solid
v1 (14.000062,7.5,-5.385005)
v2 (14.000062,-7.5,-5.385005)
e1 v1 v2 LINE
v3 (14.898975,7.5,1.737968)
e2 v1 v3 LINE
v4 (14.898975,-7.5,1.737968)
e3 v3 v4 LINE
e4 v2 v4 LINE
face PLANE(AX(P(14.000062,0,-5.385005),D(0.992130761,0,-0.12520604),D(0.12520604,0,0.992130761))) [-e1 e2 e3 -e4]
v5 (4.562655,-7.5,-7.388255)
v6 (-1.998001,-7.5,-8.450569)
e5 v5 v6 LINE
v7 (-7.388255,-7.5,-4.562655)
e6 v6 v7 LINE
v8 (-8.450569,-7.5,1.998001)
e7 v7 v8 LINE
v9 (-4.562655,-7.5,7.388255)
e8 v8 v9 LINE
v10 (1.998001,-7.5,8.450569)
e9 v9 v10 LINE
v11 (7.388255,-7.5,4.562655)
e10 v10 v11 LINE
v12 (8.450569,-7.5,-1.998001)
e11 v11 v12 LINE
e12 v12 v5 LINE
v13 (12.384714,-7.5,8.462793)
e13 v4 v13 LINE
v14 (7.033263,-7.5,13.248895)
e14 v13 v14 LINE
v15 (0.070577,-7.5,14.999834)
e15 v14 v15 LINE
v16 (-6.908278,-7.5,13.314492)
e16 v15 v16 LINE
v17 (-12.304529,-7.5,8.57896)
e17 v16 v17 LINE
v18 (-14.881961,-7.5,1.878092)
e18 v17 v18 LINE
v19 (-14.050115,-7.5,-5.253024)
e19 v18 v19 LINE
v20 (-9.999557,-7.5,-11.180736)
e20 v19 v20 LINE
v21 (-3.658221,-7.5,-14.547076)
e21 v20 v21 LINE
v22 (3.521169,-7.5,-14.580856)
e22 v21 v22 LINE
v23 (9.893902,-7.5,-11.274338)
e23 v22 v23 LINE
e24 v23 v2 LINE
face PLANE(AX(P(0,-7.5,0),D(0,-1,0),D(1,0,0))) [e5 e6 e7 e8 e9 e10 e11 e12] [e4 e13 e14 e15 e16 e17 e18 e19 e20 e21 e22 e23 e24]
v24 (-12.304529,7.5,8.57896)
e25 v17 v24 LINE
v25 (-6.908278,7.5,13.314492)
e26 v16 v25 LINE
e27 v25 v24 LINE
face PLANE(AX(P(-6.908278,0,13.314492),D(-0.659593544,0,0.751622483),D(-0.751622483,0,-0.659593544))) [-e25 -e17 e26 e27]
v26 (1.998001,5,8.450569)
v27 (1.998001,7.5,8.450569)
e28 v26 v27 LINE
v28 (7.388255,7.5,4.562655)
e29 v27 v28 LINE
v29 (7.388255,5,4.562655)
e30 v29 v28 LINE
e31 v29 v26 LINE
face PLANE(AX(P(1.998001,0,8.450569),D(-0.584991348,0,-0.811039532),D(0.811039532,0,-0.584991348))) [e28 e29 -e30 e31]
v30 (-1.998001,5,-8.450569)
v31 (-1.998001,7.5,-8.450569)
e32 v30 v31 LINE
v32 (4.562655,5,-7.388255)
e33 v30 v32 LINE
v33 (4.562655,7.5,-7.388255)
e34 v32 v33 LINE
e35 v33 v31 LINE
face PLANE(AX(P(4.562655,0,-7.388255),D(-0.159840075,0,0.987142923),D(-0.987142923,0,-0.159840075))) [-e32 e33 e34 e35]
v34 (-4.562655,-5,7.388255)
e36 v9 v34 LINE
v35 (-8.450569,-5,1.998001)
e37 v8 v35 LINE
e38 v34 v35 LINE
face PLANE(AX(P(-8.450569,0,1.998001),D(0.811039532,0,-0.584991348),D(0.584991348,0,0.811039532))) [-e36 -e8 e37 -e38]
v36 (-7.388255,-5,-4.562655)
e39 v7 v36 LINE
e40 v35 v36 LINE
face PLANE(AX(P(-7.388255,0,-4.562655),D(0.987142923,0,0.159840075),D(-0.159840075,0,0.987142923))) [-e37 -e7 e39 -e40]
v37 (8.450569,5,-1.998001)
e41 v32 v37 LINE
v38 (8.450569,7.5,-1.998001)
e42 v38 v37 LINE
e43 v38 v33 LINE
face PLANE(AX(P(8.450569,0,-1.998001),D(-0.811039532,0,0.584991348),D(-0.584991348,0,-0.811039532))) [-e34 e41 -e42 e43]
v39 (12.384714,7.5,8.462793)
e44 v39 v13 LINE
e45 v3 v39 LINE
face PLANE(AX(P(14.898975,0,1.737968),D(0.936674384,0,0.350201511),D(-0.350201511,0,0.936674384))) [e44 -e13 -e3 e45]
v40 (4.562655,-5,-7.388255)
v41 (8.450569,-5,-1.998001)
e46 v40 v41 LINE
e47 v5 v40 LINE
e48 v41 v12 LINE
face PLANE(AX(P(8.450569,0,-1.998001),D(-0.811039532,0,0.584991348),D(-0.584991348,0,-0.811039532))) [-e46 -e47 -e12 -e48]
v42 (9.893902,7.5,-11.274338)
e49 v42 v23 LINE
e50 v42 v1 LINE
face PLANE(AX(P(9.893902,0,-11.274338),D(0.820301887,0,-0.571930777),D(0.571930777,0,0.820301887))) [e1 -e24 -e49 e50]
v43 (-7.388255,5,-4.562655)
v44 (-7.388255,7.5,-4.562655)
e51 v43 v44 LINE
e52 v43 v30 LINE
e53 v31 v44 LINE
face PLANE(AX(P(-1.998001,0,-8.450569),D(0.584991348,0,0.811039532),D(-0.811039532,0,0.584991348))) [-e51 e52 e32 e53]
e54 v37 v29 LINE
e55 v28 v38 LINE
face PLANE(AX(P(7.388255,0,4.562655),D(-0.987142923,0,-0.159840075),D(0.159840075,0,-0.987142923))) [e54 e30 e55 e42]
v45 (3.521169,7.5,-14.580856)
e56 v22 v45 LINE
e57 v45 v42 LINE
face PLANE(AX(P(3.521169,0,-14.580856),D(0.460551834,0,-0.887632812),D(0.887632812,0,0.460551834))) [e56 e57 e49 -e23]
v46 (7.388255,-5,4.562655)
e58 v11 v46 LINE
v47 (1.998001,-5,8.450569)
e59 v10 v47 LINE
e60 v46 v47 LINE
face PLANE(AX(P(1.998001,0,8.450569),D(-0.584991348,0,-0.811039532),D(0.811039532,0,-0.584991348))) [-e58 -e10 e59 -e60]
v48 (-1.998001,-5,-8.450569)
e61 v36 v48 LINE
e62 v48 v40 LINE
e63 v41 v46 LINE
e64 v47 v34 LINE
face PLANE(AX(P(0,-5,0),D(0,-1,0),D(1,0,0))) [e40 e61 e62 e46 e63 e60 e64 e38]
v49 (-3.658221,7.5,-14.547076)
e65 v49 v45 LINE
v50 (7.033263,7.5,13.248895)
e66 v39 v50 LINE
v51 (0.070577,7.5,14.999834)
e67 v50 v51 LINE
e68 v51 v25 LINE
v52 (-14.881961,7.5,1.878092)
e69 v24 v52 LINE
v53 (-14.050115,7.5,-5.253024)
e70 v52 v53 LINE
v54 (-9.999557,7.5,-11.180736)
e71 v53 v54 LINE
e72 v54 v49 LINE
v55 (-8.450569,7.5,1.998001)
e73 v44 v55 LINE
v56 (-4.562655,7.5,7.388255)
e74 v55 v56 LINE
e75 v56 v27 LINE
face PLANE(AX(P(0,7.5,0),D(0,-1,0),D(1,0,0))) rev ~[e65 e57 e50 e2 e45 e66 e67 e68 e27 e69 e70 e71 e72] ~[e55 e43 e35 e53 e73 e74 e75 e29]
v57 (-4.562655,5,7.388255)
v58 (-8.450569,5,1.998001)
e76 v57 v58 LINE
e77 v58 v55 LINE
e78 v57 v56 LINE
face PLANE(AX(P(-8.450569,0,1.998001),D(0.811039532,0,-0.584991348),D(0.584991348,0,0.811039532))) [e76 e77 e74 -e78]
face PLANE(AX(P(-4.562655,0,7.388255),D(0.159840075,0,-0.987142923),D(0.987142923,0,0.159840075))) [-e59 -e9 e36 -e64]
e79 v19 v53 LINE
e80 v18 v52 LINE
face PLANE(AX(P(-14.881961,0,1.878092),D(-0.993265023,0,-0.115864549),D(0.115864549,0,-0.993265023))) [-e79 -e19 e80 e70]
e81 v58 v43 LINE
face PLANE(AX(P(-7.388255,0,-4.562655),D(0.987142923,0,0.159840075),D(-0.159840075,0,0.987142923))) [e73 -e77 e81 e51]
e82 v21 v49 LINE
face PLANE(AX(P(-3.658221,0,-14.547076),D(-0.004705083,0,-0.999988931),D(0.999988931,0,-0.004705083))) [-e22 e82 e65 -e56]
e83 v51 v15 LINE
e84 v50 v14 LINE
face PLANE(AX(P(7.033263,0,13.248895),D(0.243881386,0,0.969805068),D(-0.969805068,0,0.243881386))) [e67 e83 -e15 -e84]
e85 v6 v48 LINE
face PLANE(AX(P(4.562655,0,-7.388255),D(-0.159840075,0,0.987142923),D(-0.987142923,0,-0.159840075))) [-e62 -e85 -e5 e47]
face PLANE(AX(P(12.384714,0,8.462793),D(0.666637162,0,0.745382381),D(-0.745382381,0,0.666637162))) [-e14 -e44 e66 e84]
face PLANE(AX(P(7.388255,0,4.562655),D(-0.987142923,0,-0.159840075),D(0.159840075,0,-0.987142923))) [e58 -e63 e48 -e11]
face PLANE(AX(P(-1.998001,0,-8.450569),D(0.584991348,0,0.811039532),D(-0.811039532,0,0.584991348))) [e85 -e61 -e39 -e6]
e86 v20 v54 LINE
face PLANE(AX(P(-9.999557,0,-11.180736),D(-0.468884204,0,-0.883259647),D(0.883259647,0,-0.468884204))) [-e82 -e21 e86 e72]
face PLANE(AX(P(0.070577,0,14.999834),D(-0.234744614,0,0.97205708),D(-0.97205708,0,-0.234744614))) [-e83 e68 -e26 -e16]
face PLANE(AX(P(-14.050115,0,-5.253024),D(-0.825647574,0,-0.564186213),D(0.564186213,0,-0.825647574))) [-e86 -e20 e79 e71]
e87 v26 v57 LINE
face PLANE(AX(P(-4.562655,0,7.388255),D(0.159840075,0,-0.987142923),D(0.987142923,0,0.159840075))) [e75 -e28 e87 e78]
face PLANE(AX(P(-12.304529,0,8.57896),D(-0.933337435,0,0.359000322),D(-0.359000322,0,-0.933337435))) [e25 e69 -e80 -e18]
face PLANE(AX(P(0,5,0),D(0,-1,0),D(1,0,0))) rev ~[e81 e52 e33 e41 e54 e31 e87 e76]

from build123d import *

# Parameters (mm, degrees)
F1_DEPTH = 7.5
F2_DEPTH = 5


with BuildPart() as f1:
    # F0 (on Front) → F1 (new body, symmetric)
    with BuildSketch(Plane.XZ):
        Polygon((3.521169, -14.580856), (9.893902, -11.274338), (14.000062, -5.385005), (14.898975, 1.737968), (12.384714, 8.462793), (7.033263, 13.248895), (0.070577, 14.999834), (-6.908278, 13.314492), (-12.304529, 8.57896), (-14.881961, 1.878092), (-14.050115, -5.253024), (-9.999557, -11.180736), (-3.658221, -14.547076), align=None)
        Polygon((8.450569, -1.998001), (4.562655, -7.388255), (-1.998001, -8.450569), (-7.388255, -4.562655), (-8.450569, 1.998001), (-4.562655, 7.388255), (1.998001, 8.450569), (7.388255, 4.562655), align=None, mode=Mode.SUBTRACT)
    extrude(amount=F1_DEPTH, both=True)

    # F0 (on Front) → F2 (join, symmetric)
    with BuildSketch(Plane.XZ):
        Polygon((-1.998001, -8.450569), (4.562655, -7.388255), (8.450569, -1.998001), (7.388255, 4.562655), (1.998001, 8.450569), (-4.562655, 7.388255), (-8.450569, 1.998001), (-7.388255, -4.562655), align=None)
    extrude(amount=F2_DEPTH, both=True)


solid = f1.part
